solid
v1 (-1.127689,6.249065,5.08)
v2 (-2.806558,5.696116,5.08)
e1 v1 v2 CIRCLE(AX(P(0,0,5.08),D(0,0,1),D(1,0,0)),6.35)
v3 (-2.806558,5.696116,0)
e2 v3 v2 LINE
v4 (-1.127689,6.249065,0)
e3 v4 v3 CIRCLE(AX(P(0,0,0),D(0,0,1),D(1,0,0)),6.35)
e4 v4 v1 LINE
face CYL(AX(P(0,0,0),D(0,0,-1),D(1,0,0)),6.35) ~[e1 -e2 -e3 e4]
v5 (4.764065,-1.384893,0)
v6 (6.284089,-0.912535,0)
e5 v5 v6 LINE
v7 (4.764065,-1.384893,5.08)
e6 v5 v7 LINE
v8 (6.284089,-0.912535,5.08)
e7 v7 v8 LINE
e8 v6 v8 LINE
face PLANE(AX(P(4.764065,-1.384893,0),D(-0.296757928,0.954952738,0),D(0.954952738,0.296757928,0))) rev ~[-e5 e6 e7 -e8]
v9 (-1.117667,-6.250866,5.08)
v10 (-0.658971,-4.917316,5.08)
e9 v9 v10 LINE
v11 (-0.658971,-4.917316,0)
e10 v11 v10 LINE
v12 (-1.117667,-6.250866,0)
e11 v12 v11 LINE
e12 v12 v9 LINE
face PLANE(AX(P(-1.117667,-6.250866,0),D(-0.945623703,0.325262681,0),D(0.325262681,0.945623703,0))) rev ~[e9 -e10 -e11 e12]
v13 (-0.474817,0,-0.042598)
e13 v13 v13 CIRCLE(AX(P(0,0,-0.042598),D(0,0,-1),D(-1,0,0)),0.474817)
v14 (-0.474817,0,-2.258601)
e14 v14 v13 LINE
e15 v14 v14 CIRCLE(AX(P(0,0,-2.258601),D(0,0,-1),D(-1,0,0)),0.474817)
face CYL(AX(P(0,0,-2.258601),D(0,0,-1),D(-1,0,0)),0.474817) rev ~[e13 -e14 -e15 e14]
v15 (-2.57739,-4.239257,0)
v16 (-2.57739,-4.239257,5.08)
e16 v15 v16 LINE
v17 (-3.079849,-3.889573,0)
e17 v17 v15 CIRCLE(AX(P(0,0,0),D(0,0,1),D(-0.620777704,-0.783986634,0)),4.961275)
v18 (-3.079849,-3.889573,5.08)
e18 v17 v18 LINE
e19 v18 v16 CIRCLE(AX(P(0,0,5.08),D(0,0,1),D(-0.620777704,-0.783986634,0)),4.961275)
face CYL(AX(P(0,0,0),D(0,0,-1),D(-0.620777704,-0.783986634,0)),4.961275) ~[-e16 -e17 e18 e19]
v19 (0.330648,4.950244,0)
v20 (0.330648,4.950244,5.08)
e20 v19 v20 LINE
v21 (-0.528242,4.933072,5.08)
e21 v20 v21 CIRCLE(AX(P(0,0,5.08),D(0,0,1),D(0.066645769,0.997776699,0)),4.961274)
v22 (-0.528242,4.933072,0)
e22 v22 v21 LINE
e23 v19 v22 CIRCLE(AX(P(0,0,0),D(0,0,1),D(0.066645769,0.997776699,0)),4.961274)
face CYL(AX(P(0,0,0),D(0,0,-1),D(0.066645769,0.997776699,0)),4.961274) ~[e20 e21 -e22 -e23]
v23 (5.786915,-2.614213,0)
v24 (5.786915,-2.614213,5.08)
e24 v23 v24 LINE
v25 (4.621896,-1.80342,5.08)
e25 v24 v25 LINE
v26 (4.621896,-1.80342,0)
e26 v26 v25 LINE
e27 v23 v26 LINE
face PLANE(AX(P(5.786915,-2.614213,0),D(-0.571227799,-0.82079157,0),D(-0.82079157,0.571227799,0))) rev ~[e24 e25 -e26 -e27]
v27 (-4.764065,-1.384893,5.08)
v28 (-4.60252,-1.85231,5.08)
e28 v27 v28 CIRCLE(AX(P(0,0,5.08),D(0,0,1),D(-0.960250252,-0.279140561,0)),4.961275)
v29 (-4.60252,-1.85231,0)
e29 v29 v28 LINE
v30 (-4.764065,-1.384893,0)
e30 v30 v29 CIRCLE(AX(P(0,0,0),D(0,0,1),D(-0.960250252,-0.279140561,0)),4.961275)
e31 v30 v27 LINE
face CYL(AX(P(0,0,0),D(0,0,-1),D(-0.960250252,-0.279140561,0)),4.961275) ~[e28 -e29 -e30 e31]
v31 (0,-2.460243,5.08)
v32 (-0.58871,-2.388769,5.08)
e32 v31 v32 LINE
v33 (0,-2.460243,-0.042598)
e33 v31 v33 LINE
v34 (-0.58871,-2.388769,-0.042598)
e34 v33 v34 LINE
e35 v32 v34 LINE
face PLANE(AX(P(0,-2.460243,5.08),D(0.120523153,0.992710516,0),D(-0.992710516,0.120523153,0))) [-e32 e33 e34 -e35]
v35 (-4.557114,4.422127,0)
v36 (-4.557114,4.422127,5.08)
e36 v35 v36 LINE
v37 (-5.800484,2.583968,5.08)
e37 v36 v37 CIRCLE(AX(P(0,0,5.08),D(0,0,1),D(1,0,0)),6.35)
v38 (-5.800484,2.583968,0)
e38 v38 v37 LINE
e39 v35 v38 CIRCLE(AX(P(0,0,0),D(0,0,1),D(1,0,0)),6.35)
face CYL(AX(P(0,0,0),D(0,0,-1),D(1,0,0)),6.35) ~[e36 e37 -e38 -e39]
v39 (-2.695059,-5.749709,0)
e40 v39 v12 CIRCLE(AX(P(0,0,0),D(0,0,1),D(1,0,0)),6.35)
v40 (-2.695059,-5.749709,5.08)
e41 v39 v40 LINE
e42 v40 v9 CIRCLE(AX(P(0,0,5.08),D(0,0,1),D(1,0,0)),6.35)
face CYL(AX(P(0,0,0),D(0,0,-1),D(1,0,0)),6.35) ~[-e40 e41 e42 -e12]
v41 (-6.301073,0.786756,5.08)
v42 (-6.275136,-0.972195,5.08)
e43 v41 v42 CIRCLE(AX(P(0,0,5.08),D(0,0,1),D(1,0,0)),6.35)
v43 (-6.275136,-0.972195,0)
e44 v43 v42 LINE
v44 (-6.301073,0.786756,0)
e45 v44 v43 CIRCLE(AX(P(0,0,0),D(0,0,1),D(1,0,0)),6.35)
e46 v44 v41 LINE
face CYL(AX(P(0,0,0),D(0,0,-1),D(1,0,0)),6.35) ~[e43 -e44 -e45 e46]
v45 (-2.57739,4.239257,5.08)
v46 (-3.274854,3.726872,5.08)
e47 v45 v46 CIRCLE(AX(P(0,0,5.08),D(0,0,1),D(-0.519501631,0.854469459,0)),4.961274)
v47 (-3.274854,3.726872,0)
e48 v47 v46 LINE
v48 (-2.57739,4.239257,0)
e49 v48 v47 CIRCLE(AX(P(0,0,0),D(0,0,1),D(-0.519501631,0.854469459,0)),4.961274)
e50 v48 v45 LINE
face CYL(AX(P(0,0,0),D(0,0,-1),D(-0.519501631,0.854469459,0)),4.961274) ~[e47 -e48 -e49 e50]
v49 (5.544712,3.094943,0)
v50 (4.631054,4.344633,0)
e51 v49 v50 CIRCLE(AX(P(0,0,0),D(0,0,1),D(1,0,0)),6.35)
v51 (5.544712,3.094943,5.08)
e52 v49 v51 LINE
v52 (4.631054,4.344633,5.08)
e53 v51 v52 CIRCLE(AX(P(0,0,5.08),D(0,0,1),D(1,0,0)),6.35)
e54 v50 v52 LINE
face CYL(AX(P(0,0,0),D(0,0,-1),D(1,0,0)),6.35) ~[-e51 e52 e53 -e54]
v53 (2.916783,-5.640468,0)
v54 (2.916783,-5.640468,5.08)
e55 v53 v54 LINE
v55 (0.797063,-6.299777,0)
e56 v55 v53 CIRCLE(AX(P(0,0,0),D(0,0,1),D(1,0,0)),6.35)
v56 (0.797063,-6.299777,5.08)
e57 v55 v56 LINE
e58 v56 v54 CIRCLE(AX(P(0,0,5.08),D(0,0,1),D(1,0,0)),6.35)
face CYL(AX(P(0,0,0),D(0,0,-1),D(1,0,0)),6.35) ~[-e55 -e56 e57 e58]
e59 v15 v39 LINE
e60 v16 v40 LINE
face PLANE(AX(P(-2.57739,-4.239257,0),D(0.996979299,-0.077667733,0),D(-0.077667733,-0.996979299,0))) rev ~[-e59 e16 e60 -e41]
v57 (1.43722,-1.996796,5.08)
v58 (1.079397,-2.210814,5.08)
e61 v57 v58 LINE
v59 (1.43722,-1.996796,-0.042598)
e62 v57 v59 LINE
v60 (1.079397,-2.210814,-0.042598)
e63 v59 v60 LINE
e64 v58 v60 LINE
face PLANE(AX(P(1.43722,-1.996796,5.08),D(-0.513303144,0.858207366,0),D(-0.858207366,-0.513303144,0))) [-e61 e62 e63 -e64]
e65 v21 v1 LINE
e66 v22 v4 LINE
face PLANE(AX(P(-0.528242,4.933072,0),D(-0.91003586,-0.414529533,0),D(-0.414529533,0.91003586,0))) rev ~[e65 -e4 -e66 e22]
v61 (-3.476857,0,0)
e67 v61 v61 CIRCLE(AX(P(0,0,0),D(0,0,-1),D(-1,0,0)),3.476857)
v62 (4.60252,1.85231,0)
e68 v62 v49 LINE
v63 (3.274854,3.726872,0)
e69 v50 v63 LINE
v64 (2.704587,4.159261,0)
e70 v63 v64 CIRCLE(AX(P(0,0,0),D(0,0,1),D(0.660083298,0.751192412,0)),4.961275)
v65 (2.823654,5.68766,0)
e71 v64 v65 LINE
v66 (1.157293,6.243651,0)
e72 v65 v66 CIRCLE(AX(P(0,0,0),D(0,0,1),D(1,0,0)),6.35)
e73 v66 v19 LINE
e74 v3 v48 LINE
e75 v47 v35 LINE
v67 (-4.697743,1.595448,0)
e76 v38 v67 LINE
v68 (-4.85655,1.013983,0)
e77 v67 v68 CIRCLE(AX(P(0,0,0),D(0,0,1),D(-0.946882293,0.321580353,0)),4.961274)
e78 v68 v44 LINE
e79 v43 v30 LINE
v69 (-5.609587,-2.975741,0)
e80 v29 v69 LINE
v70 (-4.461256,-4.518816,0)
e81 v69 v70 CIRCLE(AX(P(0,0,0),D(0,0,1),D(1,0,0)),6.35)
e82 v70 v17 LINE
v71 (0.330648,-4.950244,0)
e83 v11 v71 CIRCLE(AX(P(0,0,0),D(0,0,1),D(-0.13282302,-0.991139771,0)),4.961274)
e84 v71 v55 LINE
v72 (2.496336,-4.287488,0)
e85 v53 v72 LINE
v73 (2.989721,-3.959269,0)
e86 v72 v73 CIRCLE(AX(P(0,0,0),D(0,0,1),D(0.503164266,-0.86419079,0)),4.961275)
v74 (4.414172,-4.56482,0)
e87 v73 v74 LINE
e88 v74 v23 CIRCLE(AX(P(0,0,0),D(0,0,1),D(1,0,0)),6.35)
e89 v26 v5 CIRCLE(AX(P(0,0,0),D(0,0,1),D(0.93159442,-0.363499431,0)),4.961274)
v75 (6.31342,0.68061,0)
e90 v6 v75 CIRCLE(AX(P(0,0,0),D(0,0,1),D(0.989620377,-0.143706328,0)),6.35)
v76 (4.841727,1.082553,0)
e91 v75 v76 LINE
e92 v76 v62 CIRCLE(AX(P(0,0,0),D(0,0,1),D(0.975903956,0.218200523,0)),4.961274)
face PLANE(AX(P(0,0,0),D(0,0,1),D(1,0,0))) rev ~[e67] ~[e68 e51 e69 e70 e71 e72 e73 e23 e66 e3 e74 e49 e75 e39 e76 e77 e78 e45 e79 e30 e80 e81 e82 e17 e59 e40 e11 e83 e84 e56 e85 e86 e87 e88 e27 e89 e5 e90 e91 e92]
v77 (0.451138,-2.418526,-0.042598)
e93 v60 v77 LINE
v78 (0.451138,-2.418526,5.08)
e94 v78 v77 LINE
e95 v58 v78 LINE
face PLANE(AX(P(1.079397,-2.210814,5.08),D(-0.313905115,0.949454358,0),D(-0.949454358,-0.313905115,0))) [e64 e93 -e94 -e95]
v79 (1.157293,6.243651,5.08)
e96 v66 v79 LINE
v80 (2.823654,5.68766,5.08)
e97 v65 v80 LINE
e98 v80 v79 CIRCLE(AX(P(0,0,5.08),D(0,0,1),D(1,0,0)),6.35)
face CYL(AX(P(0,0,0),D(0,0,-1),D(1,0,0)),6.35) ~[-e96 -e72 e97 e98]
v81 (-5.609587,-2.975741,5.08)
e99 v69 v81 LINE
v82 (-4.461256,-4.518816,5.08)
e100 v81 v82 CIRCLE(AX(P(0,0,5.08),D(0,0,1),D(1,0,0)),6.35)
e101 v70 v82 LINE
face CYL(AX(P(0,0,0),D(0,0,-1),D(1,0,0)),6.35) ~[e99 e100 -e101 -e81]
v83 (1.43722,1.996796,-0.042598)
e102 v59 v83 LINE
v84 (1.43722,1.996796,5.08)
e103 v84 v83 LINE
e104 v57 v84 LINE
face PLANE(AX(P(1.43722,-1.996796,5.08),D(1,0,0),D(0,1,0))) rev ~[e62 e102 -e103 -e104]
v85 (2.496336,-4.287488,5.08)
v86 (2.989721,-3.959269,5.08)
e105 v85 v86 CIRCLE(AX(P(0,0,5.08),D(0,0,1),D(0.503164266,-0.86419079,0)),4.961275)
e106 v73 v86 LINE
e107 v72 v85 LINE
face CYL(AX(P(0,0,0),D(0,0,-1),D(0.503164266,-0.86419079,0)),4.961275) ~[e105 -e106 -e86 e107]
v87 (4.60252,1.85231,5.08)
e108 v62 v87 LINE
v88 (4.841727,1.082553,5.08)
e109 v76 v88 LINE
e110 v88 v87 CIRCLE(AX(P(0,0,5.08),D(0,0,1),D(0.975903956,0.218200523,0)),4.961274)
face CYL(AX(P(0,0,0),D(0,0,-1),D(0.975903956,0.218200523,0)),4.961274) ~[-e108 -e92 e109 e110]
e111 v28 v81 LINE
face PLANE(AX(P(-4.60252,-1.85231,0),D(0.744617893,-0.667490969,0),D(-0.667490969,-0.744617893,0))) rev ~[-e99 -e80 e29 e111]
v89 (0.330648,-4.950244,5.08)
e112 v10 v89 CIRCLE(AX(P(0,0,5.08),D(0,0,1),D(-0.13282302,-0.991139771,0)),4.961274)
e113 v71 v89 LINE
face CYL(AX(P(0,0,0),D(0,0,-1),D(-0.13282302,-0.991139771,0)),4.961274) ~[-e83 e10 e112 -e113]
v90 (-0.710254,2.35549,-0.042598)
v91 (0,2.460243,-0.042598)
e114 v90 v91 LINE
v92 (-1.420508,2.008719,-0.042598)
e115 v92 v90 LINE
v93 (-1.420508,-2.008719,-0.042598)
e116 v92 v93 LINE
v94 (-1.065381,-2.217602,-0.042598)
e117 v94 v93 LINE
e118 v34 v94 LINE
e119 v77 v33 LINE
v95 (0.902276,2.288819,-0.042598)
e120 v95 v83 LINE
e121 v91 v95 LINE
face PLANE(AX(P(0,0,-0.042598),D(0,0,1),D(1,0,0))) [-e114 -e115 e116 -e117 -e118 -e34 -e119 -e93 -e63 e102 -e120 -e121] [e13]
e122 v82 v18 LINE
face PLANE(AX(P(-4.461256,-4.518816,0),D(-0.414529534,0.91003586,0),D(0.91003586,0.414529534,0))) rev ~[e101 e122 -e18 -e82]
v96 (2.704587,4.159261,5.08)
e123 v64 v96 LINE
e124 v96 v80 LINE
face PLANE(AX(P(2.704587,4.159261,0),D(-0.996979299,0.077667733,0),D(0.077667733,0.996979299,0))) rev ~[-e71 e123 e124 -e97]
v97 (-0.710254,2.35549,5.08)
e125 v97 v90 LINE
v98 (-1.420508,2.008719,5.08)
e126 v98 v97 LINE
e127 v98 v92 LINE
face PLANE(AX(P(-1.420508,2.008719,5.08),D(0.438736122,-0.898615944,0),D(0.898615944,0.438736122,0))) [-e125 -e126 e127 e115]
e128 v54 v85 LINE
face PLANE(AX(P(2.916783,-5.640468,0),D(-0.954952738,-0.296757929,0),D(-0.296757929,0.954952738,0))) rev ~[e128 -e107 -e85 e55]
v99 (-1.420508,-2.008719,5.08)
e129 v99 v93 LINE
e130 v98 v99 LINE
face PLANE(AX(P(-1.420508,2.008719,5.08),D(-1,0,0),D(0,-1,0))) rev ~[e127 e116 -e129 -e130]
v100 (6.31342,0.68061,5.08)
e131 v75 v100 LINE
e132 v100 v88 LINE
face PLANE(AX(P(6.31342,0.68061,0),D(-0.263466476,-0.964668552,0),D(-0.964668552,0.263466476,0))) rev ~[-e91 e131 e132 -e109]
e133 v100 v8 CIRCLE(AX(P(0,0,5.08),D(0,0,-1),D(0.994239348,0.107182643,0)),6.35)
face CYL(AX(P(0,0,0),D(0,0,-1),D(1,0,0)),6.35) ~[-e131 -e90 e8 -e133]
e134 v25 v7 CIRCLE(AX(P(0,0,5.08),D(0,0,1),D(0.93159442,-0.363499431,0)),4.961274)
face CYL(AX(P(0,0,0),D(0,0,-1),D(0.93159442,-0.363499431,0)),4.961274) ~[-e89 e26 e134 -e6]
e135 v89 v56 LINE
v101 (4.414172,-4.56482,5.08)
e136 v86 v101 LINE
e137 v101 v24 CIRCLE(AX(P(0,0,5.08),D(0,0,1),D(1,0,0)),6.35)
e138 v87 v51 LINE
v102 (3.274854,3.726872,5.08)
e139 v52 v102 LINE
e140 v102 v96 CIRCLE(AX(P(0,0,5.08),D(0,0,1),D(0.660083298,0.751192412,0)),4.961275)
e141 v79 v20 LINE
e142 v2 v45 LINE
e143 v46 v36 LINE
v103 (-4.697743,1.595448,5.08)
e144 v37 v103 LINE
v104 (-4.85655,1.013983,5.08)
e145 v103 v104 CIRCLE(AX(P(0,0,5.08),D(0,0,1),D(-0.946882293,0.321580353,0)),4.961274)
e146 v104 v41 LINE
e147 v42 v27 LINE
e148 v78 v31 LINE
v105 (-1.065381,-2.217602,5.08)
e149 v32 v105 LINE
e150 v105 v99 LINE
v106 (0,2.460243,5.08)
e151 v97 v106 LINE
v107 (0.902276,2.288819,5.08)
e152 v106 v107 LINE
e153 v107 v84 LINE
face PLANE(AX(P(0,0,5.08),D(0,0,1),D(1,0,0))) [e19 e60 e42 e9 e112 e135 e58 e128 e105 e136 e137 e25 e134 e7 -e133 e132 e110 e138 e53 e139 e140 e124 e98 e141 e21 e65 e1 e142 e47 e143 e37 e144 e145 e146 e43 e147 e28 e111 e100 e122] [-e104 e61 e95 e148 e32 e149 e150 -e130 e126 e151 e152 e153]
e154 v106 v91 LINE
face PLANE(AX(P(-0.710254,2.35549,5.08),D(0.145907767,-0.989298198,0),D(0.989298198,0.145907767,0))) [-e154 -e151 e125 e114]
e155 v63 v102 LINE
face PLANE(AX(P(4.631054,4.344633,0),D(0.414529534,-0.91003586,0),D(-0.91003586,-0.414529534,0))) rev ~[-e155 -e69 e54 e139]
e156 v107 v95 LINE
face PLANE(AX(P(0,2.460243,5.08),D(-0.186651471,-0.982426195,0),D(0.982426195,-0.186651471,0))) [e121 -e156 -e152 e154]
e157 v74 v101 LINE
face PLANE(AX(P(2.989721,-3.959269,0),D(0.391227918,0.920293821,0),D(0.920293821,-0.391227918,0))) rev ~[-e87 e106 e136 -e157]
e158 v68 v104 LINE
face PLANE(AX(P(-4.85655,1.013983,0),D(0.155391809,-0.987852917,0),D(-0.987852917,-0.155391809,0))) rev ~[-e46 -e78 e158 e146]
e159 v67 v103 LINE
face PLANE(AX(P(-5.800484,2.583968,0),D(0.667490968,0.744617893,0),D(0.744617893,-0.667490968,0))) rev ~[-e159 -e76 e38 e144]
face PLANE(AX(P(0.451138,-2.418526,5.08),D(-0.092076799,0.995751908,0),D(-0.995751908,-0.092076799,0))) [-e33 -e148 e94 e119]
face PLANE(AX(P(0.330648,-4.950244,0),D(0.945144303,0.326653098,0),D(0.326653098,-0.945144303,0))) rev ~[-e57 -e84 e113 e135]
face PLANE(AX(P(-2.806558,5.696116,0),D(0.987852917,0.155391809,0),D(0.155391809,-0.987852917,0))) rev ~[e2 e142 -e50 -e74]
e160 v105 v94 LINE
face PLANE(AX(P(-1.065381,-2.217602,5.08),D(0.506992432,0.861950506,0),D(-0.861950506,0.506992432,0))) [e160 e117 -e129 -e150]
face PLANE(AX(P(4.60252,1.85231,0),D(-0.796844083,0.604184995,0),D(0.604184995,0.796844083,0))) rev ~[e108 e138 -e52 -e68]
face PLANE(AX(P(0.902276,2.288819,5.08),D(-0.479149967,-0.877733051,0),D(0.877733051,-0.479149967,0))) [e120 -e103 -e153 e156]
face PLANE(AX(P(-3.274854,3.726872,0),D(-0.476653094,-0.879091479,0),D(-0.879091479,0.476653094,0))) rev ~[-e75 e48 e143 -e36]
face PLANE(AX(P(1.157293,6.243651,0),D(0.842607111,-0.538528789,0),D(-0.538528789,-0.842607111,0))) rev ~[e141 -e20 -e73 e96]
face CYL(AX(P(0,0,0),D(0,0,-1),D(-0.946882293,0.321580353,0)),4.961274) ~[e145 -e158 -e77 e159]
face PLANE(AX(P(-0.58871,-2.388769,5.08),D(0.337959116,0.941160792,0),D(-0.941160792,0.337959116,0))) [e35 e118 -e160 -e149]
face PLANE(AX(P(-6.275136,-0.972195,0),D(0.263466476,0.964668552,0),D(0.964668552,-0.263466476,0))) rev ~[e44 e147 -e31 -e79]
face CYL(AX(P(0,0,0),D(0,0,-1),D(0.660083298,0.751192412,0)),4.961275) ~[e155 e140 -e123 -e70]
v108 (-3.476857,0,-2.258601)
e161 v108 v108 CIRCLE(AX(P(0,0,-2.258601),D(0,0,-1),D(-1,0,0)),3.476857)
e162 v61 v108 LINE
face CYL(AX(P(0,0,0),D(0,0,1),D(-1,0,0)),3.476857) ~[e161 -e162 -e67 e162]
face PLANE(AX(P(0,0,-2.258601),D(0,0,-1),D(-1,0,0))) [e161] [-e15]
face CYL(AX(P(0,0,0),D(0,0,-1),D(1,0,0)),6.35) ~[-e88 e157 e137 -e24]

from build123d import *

# Parameters (mm, degrees)
SKETCH1_R           = 6.35
BOSS_EXTRUDE1_DEPTH = 5.08
SKETCH2_R           = 0.804650072
CUT_EXTRUDE1_DEPTH  = 5.08
CUT_EXTRUDE4_DEPTH  = 5.08
SKETCH7_R           = 3.476857069
BOSS_EXTRUDE3_DEPTH = 2.258601292
SKETCH10_R          = 0.804650072
CUT_EXTRUDE5_DEPTH  = 5.12259779
SKETCH11_R          = 0.474817283
CUT_EXTRUDE6_DEPTH  = 9.144


with BuildPart() as part:
    # Sketch1 → Boss-Extrude1 (new body)
    with BuildSketch(Plane.XY):
        Circle(SKETCH1_R)
    extrude(amount=BOSS_EXTRUDE1_DEPTH)

    # Sketch2 → Cut-Extrude1 (cut)
    with BuildSketch(Plane.XY.offset(5.08)):
        Circle(SKETCH2_R)
    extrude(amount=-CUT_EXTRUDE1_DEPTH, mode=Mode.SUBTRACT)

    # Sketch6 → Cut-Extrude4 (cut)
    with BuildSketch(Plane(origin=(0, 0, 0), x_dir=(-1, 0, 0), z_dir=(0, 0, -1))):
        with BuildLine():
            Line((-6.313419859, 0.680609785), (-4.841727293, 1.082552663))
            ThreePointArc((-4.841727293, 1.082552663), (-4.737782551, 1.472297507), (-4.602520026, 1.852310143))
            Line((-4.602520026, 1.852310143), (-5.544711841, 3.094942746))
            ThreePointArc((-5.544711841, 3.094942746), (-6.050708452, 1.926506484), (-6.313419859, 0.680609785))
        make_face()
        with BuildLine():
            ThreePointArc((-4.621895526, -1.803420416), (-4.697643554, -1.595740734), (-4.764064977, -1.384892901))
            Line((-4.764064977, -1.384892901), (-6.284089397, -0.912535181))
            ThreePointArc((-6.284089397, -0.912535181), (-6.095179755, -1.780809857), (-5.786915427, -2.614213043))
            Line((-5.786915427, -2.614213043), (-4.621895526, -1.803420416))
        make_face()
        with BuildLine():
            ThreePointArc((-2.49633596, -4.287487636), (-2.747933203, -4.130751331), (-2.989720929, -3.959269152))
            Line((-2.989720929, -3.959269152), (-4.414172057, -4.564820375))
            ThreePointArc((-4.414172057, -4.564820375), (-3.704724213, -5.157278207), (-2.916783485, -5.640467543))
            Line((-2.916783485, -5.640467543), (-2.49633596, -4.287487636))
        make_face()
        with BuildLine():
            ThreePointArc((0.658971441, -4.91731635), (0.164985262, -4.958530358), (-0.330647946, -4.950243972))
            Line((-0.330647946, -4.950243972), (-0.797062617, -6.299777074))
            ThreePointArc((-0.797062617, -6.299777074), (0.162157154, -6.347929194), (1.117667403, -6.250865506))
            Line((1.117667403, -6.250865506), (0.658971441, -4.91731635))
        make_face()
        with BuildLine():
            ThreePointArc((3.079848524, -3.889572794), (2.834017843, -4.072172186), (2.577390132, -4.23925743))
            Line((2.577390132, -4.23925743), (2.695058949, -5.74970932))
            ThreePointArc((2.695058949, -5.74970932), (3.630700167, -5.209656063), (4.461255519, -4.518816127))
            Line((4.461255519, -4.518816127), (3.079848524, -3.889572794))
        make_face()
        with BuildLine():
            ThreePointArc((4.764064977, -1.384892901), (4.689120213, -1.620615648), (4.602520026, -1.852310143))
            Line((4.602520026, -1.852310143), (5.609586886, -2.975741079))
            ThreePointArc((5.609586886, -2.975741079), (6.026210342, -2.001821398), (6.2751364, -0.972195025))
            Line((6.2751364, -0.972195025), (4.764064977, -1.384892901))
        make_face()
        with BuildLine():
            ThreePointArc((4.697742855, 1.595448377), (4.785985372, 1.307129477), (4.856550498, 1.013982598))
            Line((4.856550498, 1.013982598), (6.301072583, 0.786755552))
            ThreePointArc((6.301072583, 0.786755552), (6.117140529, 1.703846165), (5.800483524, 2.583968051))
            Line((5.800483524, 2.583968051), (4.697742855, 1.595448377))
        make_face()
        with BuildLine():
            Line((-4.631054346, 4.34463297), (-3.274854363, 3.726871658))
            ThreePointArc((-3.274854363, 3.726871658), (-2.997527533, 3.953362131), (-2.704587495, 4.159260744))
            Line((-2.704587495, 4.159260744), (-2.823654461, 5.68765993))
            ThreePointArc((-2.823654461, 5.68765993), (-3.787360718, 5.096900901), (-4.631054346, 4.34463297))
        make_face()
        with BuildLine():
            Line((-1.15729269, 6.243650665), (-0.330647946, 4.950243972))
            ThreePointArc((-0.330647946, 4.950243972), (0.099169547, 4.960283142), (0.528242314, 4.933072421))
            Line((0.528242314, 4.933072421), (1.127688946, 6.249065341))
            ThreePointArc((1.127688946, 6.249065341), (-0.015047428, 6.349982171), (-1.15729269, 6.243650665))
        make_face()
        with BuildLine():
            Line((2.80655769, 5.696115688), (2.577390132, 4.23925743))
            ThreePointArc((2.577390132, 4.23925743), (2.937316156, 3.998301796), (3.274854363, 3.726871658))
            Line((3.274854363, 3.726871658), (4.557114361, 4.422127169))
            ThreePointArc((4.557114361, 4.422127169), (3.736532912, 5.134279092), (2.80655769, 5.696115688))
        make_face()
    extrude(amount=-CUT_EXTRUDE4_DEPTH, mode=Mode.SUBTRACT)

    # Sketch7 → Boss-Extrude3 (add)
    with BuildSketch(Plane(origin=(0, 0, 0), x_dir=(-1, 0, 0), z_dir=(0, 0, -1))):
        Circle(SKETCH7_R)
    extrude(amount=BOSS_EXTRUDE3_DEPTH)

    # Sketch10 → Cut-Extrude5 (cut)
    with BuildSketch(Plane.XY.offset(5.08)):
        Circle(SKETCH10_R)
        Polygon((1.437219643, 0), (1.437219643, -1.996796237), (1.079397463, -2.210813568), (0.451137939, -2.418526426), (0, -2.460242979), (-0.588709584, -2.388768834), (-1.06538084, -2.217602124), (-1.420507786, -2.008719279), (-1.420507786, 0), (0, 0), align=None)
        with BuildLine():
            Line((-0.804650072, 0), (0, 0))
            Line((0, 0), (0.804650072, 0))
            ThreePointArc((0.804650072, 0), (0, 0.804650072), (-0.804650072, 0))
        make_face()
        with BuildLine():
            Line((0.804650072, 0), (0, 0))
            Line((0, 0), (-0.804650072, 0))
            ThreePointArc((-0.804650072, 0), (0, -0.804650072), (0.804650072, 0))
        make_face()
        Polygon((1.437219643, 1.996796237), (1.437219643, 0), (0, 0), (-1.420507786, 0), (-1.420507786, 2.008719279), (-0.710253893, 2.355490378), (0, 2.460242979), (0.902275879, 2.288819292), align=None)
    extrude(amount=-CUT_EXTRUDE5_DEPTH, mode=Mode.SUBTRACT)

    # Sketch11 → Cut-Extrude6 (cut)
    with BuildSketch(Plane(origin=(0, 0, -2.258601292), x_dir=(-1, 0, 0), z_dir=(0, 0, -1))):
        Circle(SKETCH11_R)
    extrude(amount=-CUT_EXTRUDE6_DEPTH, mode=Mode.SUBTRACT)


solid = part.part
